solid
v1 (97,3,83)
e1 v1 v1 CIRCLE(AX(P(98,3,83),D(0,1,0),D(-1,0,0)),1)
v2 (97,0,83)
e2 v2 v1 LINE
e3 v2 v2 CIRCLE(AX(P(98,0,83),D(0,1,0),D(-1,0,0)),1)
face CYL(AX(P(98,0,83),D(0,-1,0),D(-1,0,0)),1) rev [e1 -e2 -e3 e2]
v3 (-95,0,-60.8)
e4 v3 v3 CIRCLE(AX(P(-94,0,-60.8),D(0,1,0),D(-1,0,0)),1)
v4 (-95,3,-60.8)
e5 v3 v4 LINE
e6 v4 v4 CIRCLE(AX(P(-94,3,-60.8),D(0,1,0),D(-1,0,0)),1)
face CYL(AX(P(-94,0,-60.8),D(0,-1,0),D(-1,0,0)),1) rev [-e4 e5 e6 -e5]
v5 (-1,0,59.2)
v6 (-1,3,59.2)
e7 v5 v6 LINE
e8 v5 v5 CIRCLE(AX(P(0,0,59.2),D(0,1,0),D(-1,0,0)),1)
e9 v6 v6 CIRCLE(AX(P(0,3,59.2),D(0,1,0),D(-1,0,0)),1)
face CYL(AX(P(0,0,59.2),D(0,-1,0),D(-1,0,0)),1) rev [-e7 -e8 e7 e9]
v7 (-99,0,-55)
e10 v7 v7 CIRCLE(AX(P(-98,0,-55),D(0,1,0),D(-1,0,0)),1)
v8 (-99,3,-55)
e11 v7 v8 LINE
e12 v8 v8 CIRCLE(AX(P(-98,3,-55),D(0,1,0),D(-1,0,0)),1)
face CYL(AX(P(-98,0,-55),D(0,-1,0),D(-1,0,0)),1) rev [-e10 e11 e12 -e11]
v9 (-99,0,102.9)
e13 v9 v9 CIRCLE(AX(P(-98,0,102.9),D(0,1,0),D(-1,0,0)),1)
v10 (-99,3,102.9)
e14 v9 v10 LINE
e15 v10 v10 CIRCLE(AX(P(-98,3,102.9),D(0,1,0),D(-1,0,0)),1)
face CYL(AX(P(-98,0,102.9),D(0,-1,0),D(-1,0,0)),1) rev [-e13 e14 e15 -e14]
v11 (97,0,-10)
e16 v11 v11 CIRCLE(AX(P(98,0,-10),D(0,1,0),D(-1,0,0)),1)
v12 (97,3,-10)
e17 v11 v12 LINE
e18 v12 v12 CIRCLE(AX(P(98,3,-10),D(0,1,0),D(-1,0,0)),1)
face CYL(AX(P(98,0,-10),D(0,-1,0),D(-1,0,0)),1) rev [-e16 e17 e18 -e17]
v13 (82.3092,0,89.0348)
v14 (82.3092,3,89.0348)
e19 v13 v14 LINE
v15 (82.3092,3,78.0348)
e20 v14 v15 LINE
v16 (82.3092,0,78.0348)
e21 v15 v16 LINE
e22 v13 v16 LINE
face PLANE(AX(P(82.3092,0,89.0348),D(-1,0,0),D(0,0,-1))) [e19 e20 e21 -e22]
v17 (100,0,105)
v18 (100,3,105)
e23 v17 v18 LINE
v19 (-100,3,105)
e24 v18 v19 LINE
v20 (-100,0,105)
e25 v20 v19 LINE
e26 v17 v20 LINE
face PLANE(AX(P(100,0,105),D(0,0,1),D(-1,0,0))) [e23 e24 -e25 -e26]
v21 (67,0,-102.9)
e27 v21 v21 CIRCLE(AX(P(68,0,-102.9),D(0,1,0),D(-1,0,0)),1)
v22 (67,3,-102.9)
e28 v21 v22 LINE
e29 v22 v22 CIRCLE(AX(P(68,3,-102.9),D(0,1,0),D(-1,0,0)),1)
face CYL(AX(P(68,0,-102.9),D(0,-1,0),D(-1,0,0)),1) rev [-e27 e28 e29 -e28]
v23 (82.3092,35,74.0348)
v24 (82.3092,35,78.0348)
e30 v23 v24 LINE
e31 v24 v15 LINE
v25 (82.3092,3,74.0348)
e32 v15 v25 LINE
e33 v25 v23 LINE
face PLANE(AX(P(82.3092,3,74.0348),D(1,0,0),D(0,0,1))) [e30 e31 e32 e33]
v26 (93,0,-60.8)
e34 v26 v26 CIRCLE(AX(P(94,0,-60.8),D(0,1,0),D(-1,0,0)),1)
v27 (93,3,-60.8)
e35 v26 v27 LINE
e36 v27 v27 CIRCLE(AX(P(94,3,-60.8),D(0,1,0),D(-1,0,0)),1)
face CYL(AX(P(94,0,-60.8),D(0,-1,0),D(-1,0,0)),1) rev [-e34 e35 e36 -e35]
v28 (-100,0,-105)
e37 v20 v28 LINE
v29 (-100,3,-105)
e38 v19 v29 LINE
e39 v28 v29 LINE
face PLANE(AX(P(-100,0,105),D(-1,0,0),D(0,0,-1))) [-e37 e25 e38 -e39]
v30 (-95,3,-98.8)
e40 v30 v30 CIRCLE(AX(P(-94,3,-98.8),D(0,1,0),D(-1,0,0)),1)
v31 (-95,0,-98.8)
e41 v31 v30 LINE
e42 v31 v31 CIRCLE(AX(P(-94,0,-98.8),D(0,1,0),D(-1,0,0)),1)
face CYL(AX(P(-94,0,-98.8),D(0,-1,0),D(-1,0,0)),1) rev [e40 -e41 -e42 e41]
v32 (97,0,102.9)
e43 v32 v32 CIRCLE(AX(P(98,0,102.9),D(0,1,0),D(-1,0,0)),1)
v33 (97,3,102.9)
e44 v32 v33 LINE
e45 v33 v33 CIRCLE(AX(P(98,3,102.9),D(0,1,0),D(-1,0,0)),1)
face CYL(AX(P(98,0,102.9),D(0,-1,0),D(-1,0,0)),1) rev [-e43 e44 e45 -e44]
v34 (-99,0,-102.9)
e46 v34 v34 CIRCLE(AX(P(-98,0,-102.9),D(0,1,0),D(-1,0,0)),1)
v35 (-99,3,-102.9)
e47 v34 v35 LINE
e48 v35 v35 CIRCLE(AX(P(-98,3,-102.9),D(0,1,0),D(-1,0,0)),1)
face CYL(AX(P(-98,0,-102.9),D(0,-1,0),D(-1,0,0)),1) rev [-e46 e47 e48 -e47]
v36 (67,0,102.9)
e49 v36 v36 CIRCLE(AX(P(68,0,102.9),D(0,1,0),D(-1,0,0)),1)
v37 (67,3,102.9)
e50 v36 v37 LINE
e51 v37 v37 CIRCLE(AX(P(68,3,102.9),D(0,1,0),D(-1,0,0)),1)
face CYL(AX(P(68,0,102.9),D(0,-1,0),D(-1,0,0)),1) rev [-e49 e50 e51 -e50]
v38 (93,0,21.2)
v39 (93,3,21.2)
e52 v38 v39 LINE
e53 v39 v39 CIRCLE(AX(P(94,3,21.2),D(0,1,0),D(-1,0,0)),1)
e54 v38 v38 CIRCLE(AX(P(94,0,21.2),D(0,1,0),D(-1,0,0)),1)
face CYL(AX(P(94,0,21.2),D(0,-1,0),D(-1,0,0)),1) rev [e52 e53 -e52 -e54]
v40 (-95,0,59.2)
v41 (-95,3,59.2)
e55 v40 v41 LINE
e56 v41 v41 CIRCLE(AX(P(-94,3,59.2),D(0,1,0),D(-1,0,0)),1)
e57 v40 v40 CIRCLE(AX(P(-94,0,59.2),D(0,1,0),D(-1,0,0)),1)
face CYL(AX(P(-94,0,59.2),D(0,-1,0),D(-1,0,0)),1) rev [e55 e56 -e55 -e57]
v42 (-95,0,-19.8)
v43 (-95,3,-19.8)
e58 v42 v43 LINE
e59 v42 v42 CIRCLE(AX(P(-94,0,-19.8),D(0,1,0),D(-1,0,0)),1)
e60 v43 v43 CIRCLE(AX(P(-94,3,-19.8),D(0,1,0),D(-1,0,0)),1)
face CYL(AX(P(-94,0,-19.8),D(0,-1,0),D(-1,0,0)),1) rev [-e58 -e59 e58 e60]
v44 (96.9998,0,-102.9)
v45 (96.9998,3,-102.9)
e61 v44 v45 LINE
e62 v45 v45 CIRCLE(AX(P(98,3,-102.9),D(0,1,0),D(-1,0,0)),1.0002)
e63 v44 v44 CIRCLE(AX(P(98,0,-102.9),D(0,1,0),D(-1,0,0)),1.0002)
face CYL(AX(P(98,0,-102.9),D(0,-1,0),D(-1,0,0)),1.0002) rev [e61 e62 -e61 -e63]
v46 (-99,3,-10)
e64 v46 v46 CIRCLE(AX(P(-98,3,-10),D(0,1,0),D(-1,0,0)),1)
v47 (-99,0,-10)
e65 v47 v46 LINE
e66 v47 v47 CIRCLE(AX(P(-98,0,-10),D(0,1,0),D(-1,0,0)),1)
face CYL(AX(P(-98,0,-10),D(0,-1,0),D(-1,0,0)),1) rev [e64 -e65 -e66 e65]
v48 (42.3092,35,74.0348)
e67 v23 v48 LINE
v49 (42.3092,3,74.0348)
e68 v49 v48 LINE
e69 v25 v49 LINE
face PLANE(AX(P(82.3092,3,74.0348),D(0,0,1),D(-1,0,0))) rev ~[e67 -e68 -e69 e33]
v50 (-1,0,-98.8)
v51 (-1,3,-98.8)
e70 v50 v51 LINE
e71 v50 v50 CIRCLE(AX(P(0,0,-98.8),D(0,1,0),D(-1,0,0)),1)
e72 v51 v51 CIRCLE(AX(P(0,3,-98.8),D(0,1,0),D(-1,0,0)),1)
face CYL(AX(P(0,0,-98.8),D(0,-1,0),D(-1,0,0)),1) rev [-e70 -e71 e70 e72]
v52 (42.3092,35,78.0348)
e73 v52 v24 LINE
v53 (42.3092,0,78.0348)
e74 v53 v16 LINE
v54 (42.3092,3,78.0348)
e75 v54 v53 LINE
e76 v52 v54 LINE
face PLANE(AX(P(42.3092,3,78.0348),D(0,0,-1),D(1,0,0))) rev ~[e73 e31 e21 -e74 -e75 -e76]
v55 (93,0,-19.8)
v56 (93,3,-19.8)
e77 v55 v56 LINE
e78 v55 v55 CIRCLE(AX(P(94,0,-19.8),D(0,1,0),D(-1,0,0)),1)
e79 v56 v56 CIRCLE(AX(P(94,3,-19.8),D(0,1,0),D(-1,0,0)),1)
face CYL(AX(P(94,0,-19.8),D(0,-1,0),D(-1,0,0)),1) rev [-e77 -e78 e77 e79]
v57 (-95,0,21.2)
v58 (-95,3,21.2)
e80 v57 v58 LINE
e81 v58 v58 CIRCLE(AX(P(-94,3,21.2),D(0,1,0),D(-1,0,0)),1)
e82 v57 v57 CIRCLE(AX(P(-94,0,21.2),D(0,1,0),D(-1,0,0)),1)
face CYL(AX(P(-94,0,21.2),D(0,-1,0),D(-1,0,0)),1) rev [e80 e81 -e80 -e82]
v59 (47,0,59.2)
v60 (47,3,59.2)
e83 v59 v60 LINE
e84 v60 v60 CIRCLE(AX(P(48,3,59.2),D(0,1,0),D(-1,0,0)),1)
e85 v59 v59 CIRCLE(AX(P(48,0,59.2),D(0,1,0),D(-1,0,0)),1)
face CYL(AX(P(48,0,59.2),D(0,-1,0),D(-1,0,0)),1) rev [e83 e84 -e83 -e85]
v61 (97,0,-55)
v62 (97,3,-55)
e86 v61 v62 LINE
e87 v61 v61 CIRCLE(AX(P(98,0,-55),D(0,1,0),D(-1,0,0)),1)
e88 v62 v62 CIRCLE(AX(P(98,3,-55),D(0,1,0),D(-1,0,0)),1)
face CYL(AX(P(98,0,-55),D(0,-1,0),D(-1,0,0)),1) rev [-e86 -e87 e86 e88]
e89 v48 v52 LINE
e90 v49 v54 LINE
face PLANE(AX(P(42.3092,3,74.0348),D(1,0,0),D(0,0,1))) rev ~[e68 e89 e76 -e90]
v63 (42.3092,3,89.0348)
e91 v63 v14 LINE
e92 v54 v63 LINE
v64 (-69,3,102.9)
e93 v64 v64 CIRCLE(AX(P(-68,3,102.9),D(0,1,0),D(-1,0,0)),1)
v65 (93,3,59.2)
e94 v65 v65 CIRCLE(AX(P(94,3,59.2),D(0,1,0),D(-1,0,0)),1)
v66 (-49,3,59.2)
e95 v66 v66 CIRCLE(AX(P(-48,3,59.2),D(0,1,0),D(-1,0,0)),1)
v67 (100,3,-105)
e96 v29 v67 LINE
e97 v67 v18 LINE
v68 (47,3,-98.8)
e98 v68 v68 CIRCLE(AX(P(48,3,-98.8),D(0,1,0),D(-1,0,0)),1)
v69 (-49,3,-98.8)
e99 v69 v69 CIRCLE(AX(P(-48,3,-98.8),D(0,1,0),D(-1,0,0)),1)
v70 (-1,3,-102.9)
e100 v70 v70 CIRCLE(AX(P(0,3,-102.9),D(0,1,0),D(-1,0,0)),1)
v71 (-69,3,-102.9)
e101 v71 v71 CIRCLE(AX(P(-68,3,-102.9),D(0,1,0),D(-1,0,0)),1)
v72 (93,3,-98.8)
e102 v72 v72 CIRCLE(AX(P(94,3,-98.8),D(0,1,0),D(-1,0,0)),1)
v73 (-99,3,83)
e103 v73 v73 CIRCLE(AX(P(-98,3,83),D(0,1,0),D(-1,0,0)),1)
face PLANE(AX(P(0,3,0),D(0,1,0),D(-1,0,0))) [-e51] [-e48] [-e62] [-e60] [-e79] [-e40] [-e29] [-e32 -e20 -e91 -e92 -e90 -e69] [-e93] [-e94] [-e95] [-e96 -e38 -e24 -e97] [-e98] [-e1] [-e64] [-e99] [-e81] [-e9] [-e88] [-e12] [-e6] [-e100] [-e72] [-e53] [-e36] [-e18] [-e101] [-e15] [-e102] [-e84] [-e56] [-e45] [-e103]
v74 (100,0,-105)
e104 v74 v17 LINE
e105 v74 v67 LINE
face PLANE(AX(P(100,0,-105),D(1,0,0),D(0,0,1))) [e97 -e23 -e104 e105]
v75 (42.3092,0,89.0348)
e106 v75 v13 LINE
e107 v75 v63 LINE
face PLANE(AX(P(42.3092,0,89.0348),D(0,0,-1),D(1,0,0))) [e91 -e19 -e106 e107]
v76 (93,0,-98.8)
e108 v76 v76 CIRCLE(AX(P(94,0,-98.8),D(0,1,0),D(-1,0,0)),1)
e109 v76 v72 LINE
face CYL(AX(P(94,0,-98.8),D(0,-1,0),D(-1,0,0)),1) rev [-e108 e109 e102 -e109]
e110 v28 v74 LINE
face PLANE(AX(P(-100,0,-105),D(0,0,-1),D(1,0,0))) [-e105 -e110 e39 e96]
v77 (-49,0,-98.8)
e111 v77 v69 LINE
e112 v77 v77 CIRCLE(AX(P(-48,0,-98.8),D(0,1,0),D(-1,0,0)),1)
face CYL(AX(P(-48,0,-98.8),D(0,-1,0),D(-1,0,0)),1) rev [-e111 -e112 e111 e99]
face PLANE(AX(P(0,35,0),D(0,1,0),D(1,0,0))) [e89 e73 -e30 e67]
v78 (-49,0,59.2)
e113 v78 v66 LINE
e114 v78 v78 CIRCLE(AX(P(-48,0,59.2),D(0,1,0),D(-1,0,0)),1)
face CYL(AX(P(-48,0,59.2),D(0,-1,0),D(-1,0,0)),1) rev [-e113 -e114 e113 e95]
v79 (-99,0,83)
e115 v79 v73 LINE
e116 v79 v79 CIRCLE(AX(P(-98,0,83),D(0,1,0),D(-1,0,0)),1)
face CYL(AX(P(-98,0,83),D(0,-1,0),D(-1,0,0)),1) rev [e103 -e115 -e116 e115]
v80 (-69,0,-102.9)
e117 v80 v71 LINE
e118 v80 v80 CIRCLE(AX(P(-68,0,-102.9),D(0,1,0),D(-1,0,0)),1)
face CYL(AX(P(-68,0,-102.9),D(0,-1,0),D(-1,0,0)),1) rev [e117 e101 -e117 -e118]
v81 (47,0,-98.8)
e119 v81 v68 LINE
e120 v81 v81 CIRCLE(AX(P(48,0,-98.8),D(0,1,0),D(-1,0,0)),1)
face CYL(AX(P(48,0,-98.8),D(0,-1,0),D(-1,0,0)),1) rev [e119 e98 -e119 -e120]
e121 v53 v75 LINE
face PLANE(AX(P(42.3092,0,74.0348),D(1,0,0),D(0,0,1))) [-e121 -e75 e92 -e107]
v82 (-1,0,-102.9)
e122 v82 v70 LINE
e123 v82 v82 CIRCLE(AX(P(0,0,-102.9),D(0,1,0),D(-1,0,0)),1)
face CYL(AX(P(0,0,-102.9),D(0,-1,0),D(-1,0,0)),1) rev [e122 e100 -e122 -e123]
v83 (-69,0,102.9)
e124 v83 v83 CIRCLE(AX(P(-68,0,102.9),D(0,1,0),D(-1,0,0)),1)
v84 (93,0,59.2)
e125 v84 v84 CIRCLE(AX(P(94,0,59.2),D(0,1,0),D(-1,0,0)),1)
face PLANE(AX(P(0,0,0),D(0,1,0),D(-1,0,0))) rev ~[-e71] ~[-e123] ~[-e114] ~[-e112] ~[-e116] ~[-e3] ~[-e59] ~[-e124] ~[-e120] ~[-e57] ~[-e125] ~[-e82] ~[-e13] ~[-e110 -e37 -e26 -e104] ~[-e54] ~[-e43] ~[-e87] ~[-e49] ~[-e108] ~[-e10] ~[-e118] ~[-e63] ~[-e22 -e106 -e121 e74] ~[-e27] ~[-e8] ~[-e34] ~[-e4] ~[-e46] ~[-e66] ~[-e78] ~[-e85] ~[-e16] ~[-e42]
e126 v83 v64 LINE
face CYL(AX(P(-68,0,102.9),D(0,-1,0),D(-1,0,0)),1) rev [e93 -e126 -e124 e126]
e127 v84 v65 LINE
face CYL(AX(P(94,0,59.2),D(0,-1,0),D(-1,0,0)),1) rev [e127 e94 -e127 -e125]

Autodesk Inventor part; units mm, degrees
ref_plane "YZ Plane" through (0, 0, 0) normal (1, 0, 0) x (0, 1, 0)
ref_plane "XZ Plane" through (0, 0, 0) normal (0, 1, 0) x (-1, 0, 0)
ref_plane "XY Plane" through (0, 0, 0) normal (0, 0, 1) x (1, 0, 0)
sketch "Sketch1" plane through (0, 0, 0) normal (0, 1, 0) x (-1, 0, 0)
  line L0 (100, -105) -> (-100, -105)
  line L1 (-100, -105) -> (-100, 105)
  line L2 (-100, 105) -> (100, 105)
  line L3 (100, 105) -> (100, -105)
  line L4 (100, -105) -> (-100, 105) construction
  line L5 (-100, -105) -> (100, 105) construction
  line L6 (-42.3092, 89.0348) -> (-82.3092, 89.0348)
  line L7 (-82.3092, 89.0348) -> (-82.3092, 74.0348)
  line L8 (-82.3092, 74.0348) -> (-42.3092, 74.0348)
  line L9 (-42.3092, 74.0348) -> (-42.3092, 89.0348)
  line L10 (-42.3092, 89.0348) -> (-82.3092, 74.0348) construction
  line L11 (-82.3092, 89.0348) -> (-42.3092, 74.0348) construction
  circle A0 centre (98, 83) radius 1
  circle A1 centre (98, 102.9) radius 1
  circle A2 centre (68, 102.9) radius 1
  circle A3 centre (-98, 102.9) radius 1
  circle A4 centre (-68, 102.9) radius 1
  circle A5 centre (98, -10) radius 1
  circle A6 centre (98, -55) radius 1
  circle A7 centre (-98, 83) radius 1
  circle A8 centre (-98, -10) radius 1
  circle A9 centre (-98, -55) radius 1
  circle A10 centre (-98, -102.9) radius 1.0002
  circle A11 centre (98, -102.9) radius 1
  circle A12 centre (-68, -102.9) radius 1
  circle A13 centre (0, -102.9) radius 1
  circle A14 centre (68, -102.9) radius 1
  line L12 (96, 61.2) -> (96, -100.8)
  circle A15 centre (94, -98.8) radius 1
  circle A16 centre (-94, -98.8) radius 1
  circle A17 centre (-94, 59.2) radius 1
  circle A18 centre (94, 59.2) radius 1
  circle A19 centre (94, -60.8) radius 1
  circle A20 centre (94, -19.8) radius 1
  circle A21 centre (94, 21.2) radius 1
  circle A22 centre (-94, -60.8) radius 1
  circle A23 centre (-94, -19.8) radius 1
  circle A24 centre (-94, 21.2) radius 1
  circle A25 centre (0, 59.2) radius 1
  circle A26 centre (0, -98.8) radius 1
  circle A27 centre (-48, 59.2) radius 1
  circle A28 centre (-48, -98.8) radius 1
  circle A29 centre (48, 59.2) radius 1
  circle A30 centre (48, -98.8) radius 1
  point P0 (0, 0)
  point P1 (-62.3092, 81.5348)
  dimension "d0" = 200
  dimension "d1" = 210
  dimension "d2" = 40
  dimension "d3" = 15
  dimension "d6" = 2
  dimension "d7" = 22
  dimension "d8" = 2
  dimension "d9" = 2
  dimension "d10" = 2.1
  dimension "d11" = 2
  dimension "d12" = 32
  dimension "d13" = 2.1
  dimension "d14" = 2
  dimension "d15" = 2.1
  dimension "d16" = 2
  dimension "d17" = 32
  dimension "d18" = 2.1
  dimension "d19" = 2
  dimension "d20" = 2
  dimension "d21" = 95
  dimension "d22" = 2
  dimension "d23" = 50
  dimension "d24" = 2
  dimension "d25" = 22
  dimension "d26" = 2
  dimension "d27" = 2
  dimension "d28" = 2
  dimension "d29" = 95
  dimension "d30" = 2
  dimension "d31" = 2
  dimension "d32" = 50
  dimension "d33" = 2
  dimension "d34" = 2.1
  dimension "d35" = 2.0005
  dimension "d36" = 2
  dimension "d38" = 2.1
  dimension "d39" = 2
  dimension "d40" = 32
  dimension "d41" = 2.1
  dimension "d42" = 2
  dimension "d43" = 2.1
  dimension "d44" = 100
  dimension "d45" = 2
  dimension "d46" = 2.1
  dimension "d47" = 32
  dimension "d56" = 2
  dimension "d59" = 6
  dimension "d60" = 6.2
  dimension "d61" = 2
  dimension "d64" = 6.2
  dimension "d65" = 6
  dimension "d66" = 2
  dimension "d69" = 6
  dimension "d70" = 45.8
  dimension "d71" = 2
  dimension "d74" = 6
  dimension "d75" = 45.8
  dimension "d77" = 2
  dimension "d79" = 2
  dimension "d80" = 2
  dimension "d84" = 2
  dimension "d87" = 2
  dimension "d90" = 2
  dimension "d93" = 2
extrude "MainBody" add sketch "Sketch1" along normal blind 3
sketch "Sketch2" plane through (0, 3, 0) normal (0, 1, 0) x (1, 0, 0)
  line L0 (82.3092, -74.0348) -> (82.3092, -89.0348) projected
  line L1 (82.3092, -74.0348) -> (42.3092, -74.0348)
  line L2 (42.3092, -74.0348) -> (42.3092, -78.0348)
  line L3 (42.3092, -78.0348) -> (82.3092, -78.0348)
  line L4 (82.3092, -78.0348) -> (82.3092, -74.0348)
  point P0 (0, 0)
  dimension "d48" = 4
  dimension "d49" = 40
extrude "Extrusion2" add sketch "Sketch2" along normal blind 32 and the other way blind 3
properties part number "DesignAtasRobot"
